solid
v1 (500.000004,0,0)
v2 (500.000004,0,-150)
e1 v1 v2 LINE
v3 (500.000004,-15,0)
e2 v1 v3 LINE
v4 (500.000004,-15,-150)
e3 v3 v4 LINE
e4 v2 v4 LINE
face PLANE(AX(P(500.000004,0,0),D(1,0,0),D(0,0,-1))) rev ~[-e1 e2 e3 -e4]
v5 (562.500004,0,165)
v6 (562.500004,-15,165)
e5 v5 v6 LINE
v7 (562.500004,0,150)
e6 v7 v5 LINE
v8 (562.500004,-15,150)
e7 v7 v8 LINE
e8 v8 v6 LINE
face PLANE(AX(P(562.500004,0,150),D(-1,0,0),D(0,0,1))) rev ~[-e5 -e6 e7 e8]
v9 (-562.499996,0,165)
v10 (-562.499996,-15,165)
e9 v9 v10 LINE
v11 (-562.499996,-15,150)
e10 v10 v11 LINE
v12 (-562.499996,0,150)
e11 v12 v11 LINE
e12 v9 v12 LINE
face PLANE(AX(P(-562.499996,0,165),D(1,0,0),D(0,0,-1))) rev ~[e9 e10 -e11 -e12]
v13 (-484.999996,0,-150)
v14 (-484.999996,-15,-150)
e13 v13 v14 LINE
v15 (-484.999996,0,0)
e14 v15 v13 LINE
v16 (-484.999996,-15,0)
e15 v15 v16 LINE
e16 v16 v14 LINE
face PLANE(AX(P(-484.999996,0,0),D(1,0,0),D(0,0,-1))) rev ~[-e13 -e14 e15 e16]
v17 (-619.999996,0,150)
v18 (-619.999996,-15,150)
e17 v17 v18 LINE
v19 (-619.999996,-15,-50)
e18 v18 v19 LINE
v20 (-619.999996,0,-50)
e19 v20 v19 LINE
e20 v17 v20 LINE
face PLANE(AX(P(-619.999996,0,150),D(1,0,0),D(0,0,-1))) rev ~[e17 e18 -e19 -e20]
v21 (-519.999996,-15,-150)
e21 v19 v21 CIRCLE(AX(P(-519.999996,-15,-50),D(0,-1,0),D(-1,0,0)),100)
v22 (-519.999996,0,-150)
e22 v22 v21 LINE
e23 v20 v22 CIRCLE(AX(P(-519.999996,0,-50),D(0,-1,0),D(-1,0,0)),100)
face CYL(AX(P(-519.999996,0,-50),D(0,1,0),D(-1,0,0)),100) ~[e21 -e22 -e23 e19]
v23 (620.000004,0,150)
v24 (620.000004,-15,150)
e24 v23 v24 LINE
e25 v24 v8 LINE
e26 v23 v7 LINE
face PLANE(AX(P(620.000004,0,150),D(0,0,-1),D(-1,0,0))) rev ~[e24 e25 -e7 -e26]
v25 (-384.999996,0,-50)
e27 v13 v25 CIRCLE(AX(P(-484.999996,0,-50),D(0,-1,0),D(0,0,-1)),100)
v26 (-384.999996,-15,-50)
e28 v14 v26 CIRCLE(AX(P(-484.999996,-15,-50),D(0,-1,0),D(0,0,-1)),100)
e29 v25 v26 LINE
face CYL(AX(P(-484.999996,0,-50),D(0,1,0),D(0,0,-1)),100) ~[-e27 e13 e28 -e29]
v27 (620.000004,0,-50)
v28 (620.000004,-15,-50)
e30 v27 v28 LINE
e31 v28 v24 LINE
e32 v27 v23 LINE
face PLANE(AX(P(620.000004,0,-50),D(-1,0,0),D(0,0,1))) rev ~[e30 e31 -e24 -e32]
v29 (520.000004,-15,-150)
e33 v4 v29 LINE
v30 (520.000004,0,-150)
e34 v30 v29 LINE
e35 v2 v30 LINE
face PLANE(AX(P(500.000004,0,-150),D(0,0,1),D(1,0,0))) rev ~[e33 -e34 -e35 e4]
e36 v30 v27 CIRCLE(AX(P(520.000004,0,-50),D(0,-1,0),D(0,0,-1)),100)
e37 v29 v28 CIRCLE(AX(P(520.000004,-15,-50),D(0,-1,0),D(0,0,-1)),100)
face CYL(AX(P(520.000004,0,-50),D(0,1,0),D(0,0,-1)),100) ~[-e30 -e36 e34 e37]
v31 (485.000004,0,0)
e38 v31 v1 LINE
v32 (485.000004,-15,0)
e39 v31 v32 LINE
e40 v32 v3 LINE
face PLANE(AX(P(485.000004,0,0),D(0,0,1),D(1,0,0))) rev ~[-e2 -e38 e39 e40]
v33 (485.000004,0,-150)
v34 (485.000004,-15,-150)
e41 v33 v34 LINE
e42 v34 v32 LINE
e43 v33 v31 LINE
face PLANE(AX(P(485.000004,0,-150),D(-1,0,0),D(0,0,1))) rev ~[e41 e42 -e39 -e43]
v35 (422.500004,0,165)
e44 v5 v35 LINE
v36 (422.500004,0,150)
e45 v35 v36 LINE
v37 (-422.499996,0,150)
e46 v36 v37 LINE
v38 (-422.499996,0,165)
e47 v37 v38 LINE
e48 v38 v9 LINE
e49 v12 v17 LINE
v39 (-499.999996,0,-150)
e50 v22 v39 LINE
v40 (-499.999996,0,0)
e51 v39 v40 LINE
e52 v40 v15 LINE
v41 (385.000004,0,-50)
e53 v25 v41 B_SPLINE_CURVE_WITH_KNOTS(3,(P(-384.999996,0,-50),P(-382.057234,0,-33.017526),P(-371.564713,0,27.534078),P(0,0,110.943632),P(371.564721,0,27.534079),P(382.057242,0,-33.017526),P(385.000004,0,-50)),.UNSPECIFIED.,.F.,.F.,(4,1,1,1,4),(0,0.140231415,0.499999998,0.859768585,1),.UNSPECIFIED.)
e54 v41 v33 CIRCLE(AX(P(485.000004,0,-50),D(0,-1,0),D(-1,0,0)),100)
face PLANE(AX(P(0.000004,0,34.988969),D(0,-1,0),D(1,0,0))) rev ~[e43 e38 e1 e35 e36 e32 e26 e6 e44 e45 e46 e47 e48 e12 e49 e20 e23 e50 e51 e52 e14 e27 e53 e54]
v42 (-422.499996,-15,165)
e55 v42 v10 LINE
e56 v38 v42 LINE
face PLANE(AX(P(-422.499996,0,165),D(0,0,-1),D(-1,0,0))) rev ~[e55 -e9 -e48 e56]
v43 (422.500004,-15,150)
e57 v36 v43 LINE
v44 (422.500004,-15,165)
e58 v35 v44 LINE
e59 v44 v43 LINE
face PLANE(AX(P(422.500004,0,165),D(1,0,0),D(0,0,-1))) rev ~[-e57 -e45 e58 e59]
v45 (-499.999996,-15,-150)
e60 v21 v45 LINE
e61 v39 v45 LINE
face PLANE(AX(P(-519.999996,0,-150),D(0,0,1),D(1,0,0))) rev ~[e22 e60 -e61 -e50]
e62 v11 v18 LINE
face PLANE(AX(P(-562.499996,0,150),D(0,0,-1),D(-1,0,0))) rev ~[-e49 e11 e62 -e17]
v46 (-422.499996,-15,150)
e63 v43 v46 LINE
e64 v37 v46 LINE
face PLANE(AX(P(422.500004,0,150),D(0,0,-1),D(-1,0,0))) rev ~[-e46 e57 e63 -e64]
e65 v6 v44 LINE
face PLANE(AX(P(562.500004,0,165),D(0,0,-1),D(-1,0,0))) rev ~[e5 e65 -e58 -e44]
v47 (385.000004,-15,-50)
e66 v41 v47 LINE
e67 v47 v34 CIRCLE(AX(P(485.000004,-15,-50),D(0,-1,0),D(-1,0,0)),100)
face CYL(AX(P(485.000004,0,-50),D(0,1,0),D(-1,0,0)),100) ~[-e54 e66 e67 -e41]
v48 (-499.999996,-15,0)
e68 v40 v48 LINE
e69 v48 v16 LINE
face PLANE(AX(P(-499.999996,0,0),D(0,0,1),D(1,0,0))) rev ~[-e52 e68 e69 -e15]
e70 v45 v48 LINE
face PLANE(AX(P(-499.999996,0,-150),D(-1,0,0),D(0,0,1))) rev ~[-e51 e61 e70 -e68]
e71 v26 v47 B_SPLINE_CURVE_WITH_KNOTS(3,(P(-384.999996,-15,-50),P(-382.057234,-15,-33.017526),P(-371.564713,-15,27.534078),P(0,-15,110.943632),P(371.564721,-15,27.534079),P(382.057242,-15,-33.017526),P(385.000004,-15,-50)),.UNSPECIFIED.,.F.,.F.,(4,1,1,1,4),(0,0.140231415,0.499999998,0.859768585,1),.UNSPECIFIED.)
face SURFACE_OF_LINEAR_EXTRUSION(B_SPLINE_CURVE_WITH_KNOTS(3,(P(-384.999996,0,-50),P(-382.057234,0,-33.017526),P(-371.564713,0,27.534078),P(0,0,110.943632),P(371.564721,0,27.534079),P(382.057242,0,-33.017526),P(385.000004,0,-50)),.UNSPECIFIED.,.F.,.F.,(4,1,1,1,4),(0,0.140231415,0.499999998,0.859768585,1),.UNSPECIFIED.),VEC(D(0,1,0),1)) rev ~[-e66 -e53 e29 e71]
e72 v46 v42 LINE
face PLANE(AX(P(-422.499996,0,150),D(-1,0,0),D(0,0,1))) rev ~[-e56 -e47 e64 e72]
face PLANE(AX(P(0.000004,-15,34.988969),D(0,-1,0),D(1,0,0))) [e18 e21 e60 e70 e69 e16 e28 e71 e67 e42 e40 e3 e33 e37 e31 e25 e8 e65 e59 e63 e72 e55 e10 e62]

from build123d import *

# Parameters (mm, degrees)
F1_DEPTH = 15


with BuildPart() as f1:
    # F0 (on Front) → F1 (new body)
    with BuildSketch(Plane.XZ):
        with BuildLine():
            Line((-562.4999962747, 150), (-619.9999962747, 150))
            Line((-619.9999962747, 150), (-619.9999962747, -50))
            ThreePointArc((-619.9999962747, -50), (-590.7106743934, -120.7106781187), (-519.9999962747, -150))
            Line((-519.9999962747, -150), (-499.9999962747, -150))
            Line((-499.9999962747, -150), (-499.9999962747, 0))
            Line((-499.9999962747, 0), (-484.9999962747, 0))
            Line((-484.9999962747, 0), (-484.9999962747, -150))
            ThreePointArc((-484.9999962747, -150), (-414.2893181561, -120.7106781187), (-384.9999962747, -50))
            add(Edge.make_bspline(
                [(-384.9999962747, -50), (-382.0572340786, -33.017525677), (-371.5647129158, 27.5340783447), (-1.601e-07, 110.9436321668), (371.5647207222, 27.5340787999), (382.0572416235, -33.0175256718), (385.0000037253, -50)],
                knots=[0, 0, 0, 0, 0.1402314153, 0.4999999982, 0.8597685847, 1, 1, 1, 1], degree=3))
            ThreePointArc((385.0000037253, -50), (414.2893256066, -120.7106781187), (485.0000037253, -150))
            Line((485.0000037253, -150), (485.0000037253, 0))
            Line((485.0000037253, 0), (500.0000037253, 0))
            Line((500.0000037253, 0), (500.0000037253, -150))
            Line((500.0000037253, -150), (520.0000037253, -150))
            ThreePointArc((520.0000037253, -150), (590.7106818439, -120.7106781187), (620.0000037253, -50))
            Line((620.0000037253, -50), (620.0000037253, 150))
            Line((620.0000037253, 150), (562.5000037253, 150))
            Line((562.5000037253, 150), (562.5000037253, 165))
            Line((562.5000037253, 165), (422.5000037253, 165))
            Line((422.5000037253, 165), (422.5000037253, 150))
            Line((422.5000037253, 150), (-422.4999962747, 150))
            Line((-422.4999962747, 150), (-422.4999962747, 165))
            Line((-422.4999962747, 165), (-562.4999962747, 165))
            Line((-562.4999962747, 165), (-562.4999962747, 150))
        make_face()
    extrude(amount=F1_DEPTH)


solid = f1.part
